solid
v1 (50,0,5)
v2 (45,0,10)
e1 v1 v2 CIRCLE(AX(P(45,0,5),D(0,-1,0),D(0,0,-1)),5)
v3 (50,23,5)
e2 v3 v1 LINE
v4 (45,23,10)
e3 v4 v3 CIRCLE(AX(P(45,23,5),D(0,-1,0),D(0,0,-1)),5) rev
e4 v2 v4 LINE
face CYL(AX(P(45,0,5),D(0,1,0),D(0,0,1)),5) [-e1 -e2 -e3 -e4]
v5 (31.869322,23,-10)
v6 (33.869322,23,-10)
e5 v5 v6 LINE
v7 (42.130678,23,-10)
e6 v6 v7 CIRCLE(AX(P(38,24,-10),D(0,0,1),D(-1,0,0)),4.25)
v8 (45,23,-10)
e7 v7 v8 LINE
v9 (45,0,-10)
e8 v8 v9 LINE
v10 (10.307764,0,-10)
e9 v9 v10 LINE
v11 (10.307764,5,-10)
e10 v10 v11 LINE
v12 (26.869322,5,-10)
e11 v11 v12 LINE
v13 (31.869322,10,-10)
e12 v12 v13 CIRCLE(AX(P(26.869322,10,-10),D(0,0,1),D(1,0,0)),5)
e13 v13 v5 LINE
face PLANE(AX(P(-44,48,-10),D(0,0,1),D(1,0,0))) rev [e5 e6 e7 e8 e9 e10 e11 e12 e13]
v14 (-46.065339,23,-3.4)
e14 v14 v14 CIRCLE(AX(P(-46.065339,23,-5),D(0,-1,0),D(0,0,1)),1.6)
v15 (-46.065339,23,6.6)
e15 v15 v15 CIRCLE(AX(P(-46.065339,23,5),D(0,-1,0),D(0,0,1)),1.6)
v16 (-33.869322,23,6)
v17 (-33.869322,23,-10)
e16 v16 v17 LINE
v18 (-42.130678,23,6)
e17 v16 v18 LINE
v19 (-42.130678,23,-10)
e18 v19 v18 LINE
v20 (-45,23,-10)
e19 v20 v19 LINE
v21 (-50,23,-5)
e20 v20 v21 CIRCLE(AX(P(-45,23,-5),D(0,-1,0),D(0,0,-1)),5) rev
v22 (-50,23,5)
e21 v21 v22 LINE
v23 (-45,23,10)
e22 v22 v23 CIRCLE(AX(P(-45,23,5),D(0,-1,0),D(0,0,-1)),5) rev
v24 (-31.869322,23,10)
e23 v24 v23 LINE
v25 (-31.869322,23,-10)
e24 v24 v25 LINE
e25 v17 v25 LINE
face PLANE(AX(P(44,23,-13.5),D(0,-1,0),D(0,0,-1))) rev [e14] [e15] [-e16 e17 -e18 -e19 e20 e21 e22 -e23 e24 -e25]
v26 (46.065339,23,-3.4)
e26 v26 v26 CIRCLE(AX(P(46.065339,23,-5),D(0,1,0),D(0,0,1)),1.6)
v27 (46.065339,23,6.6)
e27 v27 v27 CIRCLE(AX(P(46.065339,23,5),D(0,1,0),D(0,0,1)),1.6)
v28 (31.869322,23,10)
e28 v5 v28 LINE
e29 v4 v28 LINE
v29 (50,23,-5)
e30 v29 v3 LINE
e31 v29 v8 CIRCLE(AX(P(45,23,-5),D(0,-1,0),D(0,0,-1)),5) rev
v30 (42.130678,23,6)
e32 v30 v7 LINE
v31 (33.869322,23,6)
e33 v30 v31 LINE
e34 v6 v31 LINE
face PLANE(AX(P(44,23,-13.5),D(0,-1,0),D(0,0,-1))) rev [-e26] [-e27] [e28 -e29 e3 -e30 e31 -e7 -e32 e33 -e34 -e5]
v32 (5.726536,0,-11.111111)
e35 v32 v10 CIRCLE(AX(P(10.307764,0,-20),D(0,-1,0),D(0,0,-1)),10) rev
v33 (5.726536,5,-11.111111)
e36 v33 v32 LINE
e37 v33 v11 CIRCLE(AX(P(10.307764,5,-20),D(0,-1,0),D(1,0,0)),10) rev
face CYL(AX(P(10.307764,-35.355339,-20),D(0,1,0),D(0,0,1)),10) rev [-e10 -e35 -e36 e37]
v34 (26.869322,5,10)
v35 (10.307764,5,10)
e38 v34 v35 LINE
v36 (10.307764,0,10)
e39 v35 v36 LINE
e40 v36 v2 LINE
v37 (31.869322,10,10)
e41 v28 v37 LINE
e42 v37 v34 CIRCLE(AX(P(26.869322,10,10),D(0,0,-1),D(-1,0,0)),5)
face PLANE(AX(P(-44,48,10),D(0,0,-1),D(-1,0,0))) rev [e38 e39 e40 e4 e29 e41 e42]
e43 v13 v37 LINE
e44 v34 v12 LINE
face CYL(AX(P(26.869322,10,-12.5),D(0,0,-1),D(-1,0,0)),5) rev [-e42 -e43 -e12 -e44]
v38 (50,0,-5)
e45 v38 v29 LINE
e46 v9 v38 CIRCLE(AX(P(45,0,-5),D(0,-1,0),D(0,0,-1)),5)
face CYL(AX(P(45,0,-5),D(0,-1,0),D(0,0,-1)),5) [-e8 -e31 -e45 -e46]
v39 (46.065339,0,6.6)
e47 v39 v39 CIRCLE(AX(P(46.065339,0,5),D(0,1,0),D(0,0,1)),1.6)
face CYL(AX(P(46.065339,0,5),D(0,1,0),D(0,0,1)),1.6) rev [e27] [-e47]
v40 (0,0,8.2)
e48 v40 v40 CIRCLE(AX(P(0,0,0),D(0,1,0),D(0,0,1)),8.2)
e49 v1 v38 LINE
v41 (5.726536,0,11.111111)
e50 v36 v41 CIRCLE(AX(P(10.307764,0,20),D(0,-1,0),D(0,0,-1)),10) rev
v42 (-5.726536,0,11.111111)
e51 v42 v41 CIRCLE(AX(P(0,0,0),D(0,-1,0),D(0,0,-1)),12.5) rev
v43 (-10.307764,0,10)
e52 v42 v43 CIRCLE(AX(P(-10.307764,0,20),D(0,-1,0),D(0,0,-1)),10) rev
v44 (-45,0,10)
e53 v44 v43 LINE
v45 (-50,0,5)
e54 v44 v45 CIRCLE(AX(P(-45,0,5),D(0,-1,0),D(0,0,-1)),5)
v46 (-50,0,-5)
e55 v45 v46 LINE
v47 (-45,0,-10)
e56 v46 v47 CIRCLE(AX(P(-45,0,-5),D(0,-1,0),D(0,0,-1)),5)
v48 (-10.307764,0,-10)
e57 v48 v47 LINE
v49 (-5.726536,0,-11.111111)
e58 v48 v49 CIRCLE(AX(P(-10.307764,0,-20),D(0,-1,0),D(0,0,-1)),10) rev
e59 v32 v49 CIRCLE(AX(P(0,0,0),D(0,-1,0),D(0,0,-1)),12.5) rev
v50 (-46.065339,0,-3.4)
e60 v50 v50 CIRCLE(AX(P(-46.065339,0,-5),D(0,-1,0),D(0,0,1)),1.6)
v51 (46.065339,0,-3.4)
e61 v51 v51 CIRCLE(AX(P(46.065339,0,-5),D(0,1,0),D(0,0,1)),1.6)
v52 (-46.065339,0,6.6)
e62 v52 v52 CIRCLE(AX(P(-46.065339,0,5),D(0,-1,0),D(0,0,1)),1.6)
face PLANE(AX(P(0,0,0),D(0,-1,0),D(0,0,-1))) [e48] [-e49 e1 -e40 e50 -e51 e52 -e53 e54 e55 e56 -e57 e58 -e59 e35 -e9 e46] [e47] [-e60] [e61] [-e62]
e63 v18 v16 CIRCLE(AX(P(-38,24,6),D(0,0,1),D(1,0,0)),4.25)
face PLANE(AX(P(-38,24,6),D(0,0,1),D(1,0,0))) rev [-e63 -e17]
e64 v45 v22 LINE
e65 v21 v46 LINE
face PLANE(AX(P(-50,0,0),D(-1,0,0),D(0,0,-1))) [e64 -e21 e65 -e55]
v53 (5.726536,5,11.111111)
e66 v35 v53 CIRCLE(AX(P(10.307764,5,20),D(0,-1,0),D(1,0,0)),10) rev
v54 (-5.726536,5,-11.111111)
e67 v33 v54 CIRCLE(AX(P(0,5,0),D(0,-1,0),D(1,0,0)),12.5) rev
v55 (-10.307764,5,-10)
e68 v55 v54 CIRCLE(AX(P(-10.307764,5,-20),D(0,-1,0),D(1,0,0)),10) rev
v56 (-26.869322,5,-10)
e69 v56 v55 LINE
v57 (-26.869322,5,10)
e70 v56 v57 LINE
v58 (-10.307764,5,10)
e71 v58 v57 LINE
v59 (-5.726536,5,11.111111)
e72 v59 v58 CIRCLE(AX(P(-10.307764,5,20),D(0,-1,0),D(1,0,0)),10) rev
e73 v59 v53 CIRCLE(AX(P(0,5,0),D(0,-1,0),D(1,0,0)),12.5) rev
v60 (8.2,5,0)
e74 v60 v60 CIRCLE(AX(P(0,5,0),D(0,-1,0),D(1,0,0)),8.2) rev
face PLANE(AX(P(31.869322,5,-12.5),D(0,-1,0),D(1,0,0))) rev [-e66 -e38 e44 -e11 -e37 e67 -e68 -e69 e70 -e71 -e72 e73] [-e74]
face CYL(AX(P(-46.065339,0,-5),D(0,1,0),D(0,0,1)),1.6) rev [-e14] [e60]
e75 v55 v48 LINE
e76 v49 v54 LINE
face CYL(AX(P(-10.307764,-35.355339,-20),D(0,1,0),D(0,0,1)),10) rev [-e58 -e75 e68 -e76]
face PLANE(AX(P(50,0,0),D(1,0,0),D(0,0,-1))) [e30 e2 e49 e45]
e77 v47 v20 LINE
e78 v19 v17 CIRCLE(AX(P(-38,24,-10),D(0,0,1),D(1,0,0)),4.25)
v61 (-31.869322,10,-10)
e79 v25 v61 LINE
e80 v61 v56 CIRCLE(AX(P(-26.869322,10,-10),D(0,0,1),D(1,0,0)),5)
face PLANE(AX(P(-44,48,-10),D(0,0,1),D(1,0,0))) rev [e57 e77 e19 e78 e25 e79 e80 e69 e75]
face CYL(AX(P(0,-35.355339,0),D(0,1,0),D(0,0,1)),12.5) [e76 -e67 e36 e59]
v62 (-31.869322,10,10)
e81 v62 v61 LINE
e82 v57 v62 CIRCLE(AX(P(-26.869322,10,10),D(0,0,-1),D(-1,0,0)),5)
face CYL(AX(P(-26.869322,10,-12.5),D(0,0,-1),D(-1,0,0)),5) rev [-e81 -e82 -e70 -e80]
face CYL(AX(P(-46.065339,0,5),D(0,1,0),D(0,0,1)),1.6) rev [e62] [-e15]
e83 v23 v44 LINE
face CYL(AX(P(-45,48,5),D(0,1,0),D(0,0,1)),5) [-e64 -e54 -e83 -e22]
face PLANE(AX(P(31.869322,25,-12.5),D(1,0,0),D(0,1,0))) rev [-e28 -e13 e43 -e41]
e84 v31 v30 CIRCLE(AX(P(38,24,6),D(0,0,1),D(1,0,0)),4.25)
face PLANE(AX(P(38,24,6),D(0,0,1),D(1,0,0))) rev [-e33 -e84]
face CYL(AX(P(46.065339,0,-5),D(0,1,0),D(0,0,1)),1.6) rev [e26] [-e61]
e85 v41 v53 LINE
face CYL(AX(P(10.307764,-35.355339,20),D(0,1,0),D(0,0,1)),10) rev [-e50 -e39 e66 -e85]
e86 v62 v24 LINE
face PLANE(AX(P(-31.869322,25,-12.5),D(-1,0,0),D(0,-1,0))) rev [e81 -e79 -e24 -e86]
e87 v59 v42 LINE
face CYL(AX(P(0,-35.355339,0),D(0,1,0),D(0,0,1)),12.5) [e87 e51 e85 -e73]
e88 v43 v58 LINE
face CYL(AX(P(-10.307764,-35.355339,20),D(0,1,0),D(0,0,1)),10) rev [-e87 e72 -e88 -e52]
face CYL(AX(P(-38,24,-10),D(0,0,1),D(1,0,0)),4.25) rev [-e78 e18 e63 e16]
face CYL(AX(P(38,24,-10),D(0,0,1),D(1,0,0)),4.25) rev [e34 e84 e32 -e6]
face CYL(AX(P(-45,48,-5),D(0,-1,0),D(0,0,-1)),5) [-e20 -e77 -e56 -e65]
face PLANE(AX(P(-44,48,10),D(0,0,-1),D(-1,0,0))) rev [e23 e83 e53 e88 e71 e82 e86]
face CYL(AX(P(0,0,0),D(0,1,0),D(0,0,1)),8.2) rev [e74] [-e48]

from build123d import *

# Parameters (mm, degrees)
SKETCH1_W               = 88
SKETCH1_H               = 20
BOSS_EXTRUDE1_DEPTH     = 48
SKETCH2_R               = 4.25
CUT_EXTRUDE1_DEPTH      = 21
SKETCH7_R               = 12.5
BOSS_EXTRUDE2_DEPTH     = 48
SKETCH4_R               = 8.2
CUT_EXTRUDE3_DEPTH      = 49
FILLET2_R               = 10
SKETCH9_W               = 27
SKETCH9_H               = 25
CUT_EXTRUDE4_DEPTH      = 89
SKETCH10_W              = 63.73864418
SKETCH10_H              = 20
CUT_EXTRUDE5_DEPTH      = 13.5
CUT_EXTRUDE5_DEPTH_BACK = 13.5
FILLET3_R               = 5
SKETCH11_W              = 20
SKETCH11_H              = 23
BOSS_EXTRUDE3_DEPTH     = 6
SKETCH12_R              = 1.6
CUT_EXTRUDE6_DEPTH      = 24
FILLET5_R               = 5
BOSS_EXTRUDE4_DEPTH     = 4


with BuildPart() as part:
    # Sketch1 → Boss-Extrude1 (new body)
    with BuildSketch(Plane(origin=(0, 0, 0), x_dir=(1, 0, 0), z_dir=(0, 1, 0))):
        Rectangle(SKETCH1_W, SKETCH1_H)
    extrude(amount=BOSS_EXTRUDE1_DEPTH)

    # Sketch2 → Cut-Extrude1 (cut, through all)
    with BuildSketch(Plane.XY.offset(10)):
        with Locations((-38, 24)):
            Circle(SKETCH2_R)
        with Locations((38, 24)):
            Circle(SKETCH2_R)
    extrude(amount=-CUT_EXTRUDE1_DEPTH, mode=Mode.SUBTRACT)

    # Sketch7 → Boss-Extrude2 (add)
    with BuildSketch(Plane(origin=(0, 48, 0), x_dir=(1, 0, 0), z_dir=(0, 1, 0))):
        Circle(SKETCH7_R)
    extrude(amount=-BOSS_EXTRUDE2_DEPTH)

    # Sketch4 → Cut-Extrude3 (cut, through all)
    with BuildSketch(Plane(origin=(0, 48, 0), x_dir=(1, 0, 0), z_dir=(0, 1, 0))):
        Circle(SKETCH4_R)
    extrude(amount=-CUT_EXTRUDE3_DEPTH, mode=Mode.SUBTRACT)

    # Fillet2
    fillet2_edges = [part.edges().sort_by_distance(p)[0] for p in [
        (7.5, 24, -10),
        (7.5, 24, 10),
        (-7.5, 24, -10),
        (-7.5, 24, 10),
    ]]
    fillet(fillet2_edges, radius=FILLET2_R)

    # Sketch9 → Cut-Extrude4 (cut, through all)
    with BuildSketch(Plane.ZY.offset(44)):
        with Locations((0, 35.5)):
            Rectangle(SKETCH9_W, SKETCH9_H)
    extrude(amount=-CUT_EXTRUDE4_DEPTH, mode=Mode.SUBTRACT)

    # Sketch10 → Cut-Extrude5 (cut, two sides)
    with BuildSketch(Plane.XY) as cut_extrude5_sk:
        with Locations((0, 15)):
            Rectangle(SKETCH10_W, SKETCH10_H)
    extrude(amount=CUT_EXTRUDE5_DEPTH, mode=Mode.SUBTRACT)
    extrude(cut_extrude5_sk.sketch, amount=-CUT_EXTRUDE5_DEPTH_BACK, mode=Mode.SUBTRACT)

    # Fillet3
    fillet3_edges = [part.edges().sort_by_distance(p)[0] for p in [
        (31.86932209, 5, 0),
        (-31.86932209, 5, 0),
    ]]
    fillet(fillet3_edges, radius=FILLET3_R)

    # Sketch11 → Boss-Extrude3 (add)
    with BuildSketch(Plane(origin=(44, 0, 0), x_dir=(0, 0, -1), z_dir=(1, 0, 0))):
        with Locations((0, 11.5)):
            Rectangle(SKETCH11_W, SKETCH11_H)
    boss_extrude3 = extrude(amount=BOSS_EXTRUDE3_DEPTH)

    # Sketch12 → Cut-Extrude6 (cut, through all)
    with BuildSketch(Plane(origin=(0, 23, 0), x_dir=(1, 0, 0), z_dir=(0, 1, 0))):
        with Locations((46.065338955, 5)):
            Circle(SKETCH12_R)
        with Locations((46.065338955, -5)):
            Circle(SKETCH12_R)
    cut_extrude6 = extrude(amount=-CUT_EXTRUDE6_DEPTH, mode=Mode.SUBTRACT)

    # Mirror1: Boss-Extrude3, Cut-Extrude6 across plane
    add(boss_extrude3.mirror(Plane(origin=(0, 0, 0), x_dir=(0, 0, 1), z_dir=(1, 0, 0))))
    add(cut_extrude6.mirror(Plane(origin=(0, 0, 0), x_dir=(0, 0, 1), z_dir=(1, 0, 0))), mode=Mode.SUBTRACT)

    # Fillet5
    fillet5_edges = [part.edges().sort_by_distance(p)[0] for p in [
        (50, 11.5, -10),
        (50, 11.5, 10),
        (-50, 11.5, 10),
        (-50, 11.5, -10),
    ]]
    fillet(fillet5_edges, radius=FILLET5_R)

    # Sketch13 → Boss-Extrude4 (add)
    with BuildSketch(Plane.XY.offset(10)):
        with BuildLine():
            Line((-42.13067791, 23), (-33.86932209, 23))
            ThreePointArc((-33.86932209, 23), (-38, 19.75), (-42.13067791, 23))
        make_face()
        with BuildLine():
            Line((33.86932209, 23), (42.13067791, 23))
            ThreePointArc((42.13067791, 23), (38, 19.75), (33.86932209, 23))
        make_face()
    extrude(amount=-BOSS_EXTRUDE4_DEPTH)


solid = part.part
